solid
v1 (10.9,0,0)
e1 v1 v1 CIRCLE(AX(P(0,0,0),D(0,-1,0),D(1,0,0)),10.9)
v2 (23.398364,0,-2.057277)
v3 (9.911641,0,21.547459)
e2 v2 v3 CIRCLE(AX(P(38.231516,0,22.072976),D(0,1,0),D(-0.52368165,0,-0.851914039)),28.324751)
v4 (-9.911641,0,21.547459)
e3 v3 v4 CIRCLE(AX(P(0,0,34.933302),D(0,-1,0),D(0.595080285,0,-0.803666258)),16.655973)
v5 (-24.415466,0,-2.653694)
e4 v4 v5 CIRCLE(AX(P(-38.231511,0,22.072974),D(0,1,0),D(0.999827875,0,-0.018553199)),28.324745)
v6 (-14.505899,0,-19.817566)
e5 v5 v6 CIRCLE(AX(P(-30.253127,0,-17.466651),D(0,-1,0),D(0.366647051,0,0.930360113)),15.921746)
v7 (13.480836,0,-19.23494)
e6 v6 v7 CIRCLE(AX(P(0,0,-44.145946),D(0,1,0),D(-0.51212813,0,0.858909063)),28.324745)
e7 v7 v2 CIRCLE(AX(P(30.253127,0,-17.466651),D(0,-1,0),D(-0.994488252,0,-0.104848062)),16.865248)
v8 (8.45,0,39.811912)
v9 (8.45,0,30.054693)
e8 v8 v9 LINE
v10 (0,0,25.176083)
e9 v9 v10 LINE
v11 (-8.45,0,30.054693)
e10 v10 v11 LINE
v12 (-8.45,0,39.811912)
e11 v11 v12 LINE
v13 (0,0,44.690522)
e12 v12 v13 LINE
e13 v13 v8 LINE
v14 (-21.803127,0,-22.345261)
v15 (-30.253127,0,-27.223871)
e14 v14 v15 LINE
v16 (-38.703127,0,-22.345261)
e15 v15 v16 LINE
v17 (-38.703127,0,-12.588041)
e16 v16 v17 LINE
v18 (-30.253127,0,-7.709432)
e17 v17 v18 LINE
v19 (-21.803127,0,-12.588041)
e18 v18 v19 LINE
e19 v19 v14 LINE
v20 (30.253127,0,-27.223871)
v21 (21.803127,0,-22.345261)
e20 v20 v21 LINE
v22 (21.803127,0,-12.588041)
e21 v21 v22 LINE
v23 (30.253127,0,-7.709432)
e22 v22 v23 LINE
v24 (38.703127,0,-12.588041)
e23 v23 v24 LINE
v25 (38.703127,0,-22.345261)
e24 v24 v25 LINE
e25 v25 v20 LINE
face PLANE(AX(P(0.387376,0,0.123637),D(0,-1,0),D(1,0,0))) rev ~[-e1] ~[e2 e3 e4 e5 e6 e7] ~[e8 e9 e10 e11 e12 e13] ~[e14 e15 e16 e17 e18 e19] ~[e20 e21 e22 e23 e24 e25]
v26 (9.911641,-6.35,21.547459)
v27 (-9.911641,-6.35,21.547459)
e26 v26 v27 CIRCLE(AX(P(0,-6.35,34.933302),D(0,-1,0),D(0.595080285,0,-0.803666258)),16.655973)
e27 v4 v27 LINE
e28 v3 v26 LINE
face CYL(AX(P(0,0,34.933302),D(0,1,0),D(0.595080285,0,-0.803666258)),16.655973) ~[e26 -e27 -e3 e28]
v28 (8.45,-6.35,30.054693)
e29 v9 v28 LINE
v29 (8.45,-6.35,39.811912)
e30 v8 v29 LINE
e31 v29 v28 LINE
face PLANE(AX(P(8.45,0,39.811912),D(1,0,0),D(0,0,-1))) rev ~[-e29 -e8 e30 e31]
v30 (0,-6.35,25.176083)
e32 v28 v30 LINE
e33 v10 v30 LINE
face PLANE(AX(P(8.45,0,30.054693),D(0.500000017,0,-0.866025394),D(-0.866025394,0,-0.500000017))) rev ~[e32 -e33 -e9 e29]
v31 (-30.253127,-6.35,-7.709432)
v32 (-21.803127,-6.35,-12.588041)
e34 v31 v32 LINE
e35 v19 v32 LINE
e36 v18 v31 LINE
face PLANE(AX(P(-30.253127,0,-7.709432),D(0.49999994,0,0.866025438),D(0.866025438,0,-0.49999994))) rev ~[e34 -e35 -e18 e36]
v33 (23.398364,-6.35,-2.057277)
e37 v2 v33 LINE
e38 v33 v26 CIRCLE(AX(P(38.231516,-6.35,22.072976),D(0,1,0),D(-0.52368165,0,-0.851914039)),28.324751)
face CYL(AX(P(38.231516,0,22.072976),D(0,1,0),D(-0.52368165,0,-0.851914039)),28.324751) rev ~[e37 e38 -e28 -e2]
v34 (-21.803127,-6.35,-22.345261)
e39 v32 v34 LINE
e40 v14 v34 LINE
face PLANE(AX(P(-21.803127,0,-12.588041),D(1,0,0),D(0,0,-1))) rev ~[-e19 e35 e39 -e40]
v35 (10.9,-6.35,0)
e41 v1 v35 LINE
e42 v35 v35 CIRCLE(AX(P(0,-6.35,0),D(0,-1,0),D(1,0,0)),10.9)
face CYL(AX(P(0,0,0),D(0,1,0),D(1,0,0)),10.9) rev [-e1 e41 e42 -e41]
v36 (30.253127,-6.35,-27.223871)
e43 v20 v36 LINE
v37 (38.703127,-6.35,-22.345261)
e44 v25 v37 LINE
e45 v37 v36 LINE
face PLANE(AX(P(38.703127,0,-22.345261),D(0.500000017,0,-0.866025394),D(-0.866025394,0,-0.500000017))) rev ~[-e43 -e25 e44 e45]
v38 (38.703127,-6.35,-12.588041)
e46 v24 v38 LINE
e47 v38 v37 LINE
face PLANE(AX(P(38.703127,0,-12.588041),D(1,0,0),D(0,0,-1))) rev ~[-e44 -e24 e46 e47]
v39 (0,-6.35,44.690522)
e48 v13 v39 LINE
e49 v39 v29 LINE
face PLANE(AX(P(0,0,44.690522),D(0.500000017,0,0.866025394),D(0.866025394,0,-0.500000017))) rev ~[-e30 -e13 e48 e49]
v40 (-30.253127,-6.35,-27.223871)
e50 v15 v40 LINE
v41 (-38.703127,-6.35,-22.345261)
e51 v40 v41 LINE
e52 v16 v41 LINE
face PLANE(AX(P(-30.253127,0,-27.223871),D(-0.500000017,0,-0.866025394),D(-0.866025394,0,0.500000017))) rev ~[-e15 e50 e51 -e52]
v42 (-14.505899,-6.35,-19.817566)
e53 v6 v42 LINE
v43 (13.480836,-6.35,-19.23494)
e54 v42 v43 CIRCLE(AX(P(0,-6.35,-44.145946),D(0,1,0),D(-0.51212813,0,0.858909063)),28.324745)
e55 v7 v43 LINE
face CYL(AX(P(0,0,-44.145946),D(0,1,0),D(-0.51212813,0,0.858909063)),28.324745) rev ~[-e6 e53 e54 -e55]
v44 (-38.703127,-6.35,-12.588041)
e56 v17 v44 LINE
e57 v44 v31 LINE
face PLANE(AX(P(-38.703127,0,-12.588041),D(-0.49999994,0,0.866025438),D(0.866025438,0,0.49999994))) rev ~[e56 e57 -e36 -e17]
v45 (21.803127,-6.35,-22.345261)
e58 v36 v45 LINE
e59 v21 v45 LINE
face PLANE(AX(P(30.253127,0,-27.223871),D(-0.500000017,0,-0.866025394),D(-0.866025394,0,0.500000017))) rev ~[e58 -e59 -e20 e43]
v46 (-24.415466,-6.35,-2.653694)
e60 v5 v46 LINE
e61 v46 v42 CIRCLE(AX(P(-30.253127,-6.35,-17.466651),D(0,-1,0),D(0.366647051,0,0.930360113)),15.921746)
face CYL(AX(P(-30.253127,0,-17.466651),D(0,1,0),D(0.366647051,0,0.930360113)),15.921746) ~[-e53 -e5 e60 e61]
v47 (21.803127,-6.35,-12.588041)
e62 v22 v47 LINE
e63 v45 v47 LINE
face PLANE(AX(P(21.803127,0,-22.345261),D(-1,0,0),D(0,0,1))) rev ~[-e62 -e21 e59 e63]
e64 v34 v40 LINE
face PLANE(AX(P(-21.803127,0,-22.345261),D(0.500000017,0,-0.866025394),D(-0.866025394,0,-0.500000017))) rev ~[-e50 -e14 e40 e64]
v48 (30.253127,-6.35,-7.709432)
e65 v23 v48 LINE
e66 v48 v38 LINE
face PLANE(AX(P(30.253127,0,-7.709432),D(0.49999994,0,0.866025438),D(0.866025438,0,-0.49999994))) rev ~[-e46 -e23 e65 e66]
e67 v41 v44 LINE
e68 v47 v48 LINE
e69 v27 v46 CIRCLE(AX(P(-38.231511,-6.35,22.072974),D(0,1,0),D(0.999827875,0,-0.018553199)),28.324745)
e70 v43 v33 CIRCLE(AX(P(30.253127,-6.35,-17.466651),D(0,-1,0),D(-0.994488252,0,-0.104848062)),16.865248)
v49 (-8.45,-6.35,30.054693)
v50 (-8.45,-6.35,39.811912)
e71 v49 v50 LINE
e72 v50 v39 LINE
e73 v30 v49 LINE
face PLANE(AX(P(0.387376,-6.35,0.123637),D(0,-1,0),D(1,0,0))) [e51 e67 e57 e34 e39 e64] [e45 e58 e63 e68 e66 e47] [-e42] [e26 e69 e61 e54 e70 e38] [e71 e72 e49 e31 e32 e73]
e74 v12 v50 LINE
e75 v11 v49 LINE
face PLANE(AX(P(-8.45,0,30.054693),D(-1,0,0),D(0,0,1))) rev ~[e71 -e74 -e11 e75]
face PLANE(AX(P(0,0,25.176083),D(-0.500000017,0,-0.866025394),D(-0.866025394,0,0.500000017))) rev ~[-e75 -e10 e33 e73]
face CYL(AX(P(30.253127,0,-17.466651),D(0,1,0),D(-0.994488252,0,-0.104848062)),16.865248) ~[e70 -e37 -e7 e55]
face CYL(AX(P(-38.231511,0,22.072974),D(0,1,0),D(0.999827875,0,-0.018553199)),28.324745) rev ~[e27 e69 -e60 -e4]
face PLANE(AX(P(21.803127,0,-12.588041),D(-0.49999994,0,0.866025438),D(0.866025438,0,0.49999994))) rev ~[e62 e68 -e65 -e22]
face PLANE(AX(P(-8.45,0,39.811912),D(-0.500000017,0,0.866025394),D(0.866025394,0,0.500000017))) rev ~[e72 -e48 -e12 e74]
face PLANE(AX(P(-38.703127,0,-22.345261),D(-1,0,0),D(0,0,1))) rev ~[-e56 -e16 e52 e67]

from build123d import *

# Parameters (mm, degrees)
F0_R     = 10.9
F1_DEPTH = 6.35


with BuildPart() as f1:
    # F0 (on Front) → F1 (new body)
    with BuildSketch(Plane.XZ):
        with BuildLine():
            ThreePointArc((-14.505899, -19.817566), (-0.589536, -15.827337), (13.480836, -19.23494))
            ThreePointArc((13.480836, -19.23494), (44.858861, -25.899275), (23.398364, -2.057277))
            ThreePointArc((23.398364, -2.057277), (13.637984, 8.021297), (9.911641, 21.547459))
            ThreePointArc((9.911641, 21.547459), (0, 51.589275), (-9.911641, 21.547459))
            ThreePointArc((-9.911641, 21.547459), (-13.935775, 7.512465), (-24.415466, -2.653694))
            ThreePointArc((-24.415466, -2.653694), (-44.041764, -25.427524), (-14.505899, -19.817566))
        make_face()
        Polygon((-21.803127, -12.588041), (-21.803127, -22.345261), (-30.253127, -27.223871), (-38.703127, -22.345261), (-38.703127, -12.588041), (-30.253127, -7.709432), align=None, mode=Mode.SUBTRACT)
        Circle(F0_R, mode=Mode.SUBTRACT)
        Polygon((21.803127, -12.588041), (30.253127, -7.709432), (38.703127, -12.588041), (38.703127, -22.345261), (30.253127, -27.223871), (21.803127, -22.345261), align=None, mode=Mode.SUBTRACT)
        Polygon((0, 44.690522), (8.45, 39.811912), (8.45, 30.054693), (0, 25.176083), (-8.45, 30.054693), (-8.45, 39.811912), align=None, mode=Mode.SUBTRACT)
    extrude(amount=F1_DEPTH)


solid = f1.part
